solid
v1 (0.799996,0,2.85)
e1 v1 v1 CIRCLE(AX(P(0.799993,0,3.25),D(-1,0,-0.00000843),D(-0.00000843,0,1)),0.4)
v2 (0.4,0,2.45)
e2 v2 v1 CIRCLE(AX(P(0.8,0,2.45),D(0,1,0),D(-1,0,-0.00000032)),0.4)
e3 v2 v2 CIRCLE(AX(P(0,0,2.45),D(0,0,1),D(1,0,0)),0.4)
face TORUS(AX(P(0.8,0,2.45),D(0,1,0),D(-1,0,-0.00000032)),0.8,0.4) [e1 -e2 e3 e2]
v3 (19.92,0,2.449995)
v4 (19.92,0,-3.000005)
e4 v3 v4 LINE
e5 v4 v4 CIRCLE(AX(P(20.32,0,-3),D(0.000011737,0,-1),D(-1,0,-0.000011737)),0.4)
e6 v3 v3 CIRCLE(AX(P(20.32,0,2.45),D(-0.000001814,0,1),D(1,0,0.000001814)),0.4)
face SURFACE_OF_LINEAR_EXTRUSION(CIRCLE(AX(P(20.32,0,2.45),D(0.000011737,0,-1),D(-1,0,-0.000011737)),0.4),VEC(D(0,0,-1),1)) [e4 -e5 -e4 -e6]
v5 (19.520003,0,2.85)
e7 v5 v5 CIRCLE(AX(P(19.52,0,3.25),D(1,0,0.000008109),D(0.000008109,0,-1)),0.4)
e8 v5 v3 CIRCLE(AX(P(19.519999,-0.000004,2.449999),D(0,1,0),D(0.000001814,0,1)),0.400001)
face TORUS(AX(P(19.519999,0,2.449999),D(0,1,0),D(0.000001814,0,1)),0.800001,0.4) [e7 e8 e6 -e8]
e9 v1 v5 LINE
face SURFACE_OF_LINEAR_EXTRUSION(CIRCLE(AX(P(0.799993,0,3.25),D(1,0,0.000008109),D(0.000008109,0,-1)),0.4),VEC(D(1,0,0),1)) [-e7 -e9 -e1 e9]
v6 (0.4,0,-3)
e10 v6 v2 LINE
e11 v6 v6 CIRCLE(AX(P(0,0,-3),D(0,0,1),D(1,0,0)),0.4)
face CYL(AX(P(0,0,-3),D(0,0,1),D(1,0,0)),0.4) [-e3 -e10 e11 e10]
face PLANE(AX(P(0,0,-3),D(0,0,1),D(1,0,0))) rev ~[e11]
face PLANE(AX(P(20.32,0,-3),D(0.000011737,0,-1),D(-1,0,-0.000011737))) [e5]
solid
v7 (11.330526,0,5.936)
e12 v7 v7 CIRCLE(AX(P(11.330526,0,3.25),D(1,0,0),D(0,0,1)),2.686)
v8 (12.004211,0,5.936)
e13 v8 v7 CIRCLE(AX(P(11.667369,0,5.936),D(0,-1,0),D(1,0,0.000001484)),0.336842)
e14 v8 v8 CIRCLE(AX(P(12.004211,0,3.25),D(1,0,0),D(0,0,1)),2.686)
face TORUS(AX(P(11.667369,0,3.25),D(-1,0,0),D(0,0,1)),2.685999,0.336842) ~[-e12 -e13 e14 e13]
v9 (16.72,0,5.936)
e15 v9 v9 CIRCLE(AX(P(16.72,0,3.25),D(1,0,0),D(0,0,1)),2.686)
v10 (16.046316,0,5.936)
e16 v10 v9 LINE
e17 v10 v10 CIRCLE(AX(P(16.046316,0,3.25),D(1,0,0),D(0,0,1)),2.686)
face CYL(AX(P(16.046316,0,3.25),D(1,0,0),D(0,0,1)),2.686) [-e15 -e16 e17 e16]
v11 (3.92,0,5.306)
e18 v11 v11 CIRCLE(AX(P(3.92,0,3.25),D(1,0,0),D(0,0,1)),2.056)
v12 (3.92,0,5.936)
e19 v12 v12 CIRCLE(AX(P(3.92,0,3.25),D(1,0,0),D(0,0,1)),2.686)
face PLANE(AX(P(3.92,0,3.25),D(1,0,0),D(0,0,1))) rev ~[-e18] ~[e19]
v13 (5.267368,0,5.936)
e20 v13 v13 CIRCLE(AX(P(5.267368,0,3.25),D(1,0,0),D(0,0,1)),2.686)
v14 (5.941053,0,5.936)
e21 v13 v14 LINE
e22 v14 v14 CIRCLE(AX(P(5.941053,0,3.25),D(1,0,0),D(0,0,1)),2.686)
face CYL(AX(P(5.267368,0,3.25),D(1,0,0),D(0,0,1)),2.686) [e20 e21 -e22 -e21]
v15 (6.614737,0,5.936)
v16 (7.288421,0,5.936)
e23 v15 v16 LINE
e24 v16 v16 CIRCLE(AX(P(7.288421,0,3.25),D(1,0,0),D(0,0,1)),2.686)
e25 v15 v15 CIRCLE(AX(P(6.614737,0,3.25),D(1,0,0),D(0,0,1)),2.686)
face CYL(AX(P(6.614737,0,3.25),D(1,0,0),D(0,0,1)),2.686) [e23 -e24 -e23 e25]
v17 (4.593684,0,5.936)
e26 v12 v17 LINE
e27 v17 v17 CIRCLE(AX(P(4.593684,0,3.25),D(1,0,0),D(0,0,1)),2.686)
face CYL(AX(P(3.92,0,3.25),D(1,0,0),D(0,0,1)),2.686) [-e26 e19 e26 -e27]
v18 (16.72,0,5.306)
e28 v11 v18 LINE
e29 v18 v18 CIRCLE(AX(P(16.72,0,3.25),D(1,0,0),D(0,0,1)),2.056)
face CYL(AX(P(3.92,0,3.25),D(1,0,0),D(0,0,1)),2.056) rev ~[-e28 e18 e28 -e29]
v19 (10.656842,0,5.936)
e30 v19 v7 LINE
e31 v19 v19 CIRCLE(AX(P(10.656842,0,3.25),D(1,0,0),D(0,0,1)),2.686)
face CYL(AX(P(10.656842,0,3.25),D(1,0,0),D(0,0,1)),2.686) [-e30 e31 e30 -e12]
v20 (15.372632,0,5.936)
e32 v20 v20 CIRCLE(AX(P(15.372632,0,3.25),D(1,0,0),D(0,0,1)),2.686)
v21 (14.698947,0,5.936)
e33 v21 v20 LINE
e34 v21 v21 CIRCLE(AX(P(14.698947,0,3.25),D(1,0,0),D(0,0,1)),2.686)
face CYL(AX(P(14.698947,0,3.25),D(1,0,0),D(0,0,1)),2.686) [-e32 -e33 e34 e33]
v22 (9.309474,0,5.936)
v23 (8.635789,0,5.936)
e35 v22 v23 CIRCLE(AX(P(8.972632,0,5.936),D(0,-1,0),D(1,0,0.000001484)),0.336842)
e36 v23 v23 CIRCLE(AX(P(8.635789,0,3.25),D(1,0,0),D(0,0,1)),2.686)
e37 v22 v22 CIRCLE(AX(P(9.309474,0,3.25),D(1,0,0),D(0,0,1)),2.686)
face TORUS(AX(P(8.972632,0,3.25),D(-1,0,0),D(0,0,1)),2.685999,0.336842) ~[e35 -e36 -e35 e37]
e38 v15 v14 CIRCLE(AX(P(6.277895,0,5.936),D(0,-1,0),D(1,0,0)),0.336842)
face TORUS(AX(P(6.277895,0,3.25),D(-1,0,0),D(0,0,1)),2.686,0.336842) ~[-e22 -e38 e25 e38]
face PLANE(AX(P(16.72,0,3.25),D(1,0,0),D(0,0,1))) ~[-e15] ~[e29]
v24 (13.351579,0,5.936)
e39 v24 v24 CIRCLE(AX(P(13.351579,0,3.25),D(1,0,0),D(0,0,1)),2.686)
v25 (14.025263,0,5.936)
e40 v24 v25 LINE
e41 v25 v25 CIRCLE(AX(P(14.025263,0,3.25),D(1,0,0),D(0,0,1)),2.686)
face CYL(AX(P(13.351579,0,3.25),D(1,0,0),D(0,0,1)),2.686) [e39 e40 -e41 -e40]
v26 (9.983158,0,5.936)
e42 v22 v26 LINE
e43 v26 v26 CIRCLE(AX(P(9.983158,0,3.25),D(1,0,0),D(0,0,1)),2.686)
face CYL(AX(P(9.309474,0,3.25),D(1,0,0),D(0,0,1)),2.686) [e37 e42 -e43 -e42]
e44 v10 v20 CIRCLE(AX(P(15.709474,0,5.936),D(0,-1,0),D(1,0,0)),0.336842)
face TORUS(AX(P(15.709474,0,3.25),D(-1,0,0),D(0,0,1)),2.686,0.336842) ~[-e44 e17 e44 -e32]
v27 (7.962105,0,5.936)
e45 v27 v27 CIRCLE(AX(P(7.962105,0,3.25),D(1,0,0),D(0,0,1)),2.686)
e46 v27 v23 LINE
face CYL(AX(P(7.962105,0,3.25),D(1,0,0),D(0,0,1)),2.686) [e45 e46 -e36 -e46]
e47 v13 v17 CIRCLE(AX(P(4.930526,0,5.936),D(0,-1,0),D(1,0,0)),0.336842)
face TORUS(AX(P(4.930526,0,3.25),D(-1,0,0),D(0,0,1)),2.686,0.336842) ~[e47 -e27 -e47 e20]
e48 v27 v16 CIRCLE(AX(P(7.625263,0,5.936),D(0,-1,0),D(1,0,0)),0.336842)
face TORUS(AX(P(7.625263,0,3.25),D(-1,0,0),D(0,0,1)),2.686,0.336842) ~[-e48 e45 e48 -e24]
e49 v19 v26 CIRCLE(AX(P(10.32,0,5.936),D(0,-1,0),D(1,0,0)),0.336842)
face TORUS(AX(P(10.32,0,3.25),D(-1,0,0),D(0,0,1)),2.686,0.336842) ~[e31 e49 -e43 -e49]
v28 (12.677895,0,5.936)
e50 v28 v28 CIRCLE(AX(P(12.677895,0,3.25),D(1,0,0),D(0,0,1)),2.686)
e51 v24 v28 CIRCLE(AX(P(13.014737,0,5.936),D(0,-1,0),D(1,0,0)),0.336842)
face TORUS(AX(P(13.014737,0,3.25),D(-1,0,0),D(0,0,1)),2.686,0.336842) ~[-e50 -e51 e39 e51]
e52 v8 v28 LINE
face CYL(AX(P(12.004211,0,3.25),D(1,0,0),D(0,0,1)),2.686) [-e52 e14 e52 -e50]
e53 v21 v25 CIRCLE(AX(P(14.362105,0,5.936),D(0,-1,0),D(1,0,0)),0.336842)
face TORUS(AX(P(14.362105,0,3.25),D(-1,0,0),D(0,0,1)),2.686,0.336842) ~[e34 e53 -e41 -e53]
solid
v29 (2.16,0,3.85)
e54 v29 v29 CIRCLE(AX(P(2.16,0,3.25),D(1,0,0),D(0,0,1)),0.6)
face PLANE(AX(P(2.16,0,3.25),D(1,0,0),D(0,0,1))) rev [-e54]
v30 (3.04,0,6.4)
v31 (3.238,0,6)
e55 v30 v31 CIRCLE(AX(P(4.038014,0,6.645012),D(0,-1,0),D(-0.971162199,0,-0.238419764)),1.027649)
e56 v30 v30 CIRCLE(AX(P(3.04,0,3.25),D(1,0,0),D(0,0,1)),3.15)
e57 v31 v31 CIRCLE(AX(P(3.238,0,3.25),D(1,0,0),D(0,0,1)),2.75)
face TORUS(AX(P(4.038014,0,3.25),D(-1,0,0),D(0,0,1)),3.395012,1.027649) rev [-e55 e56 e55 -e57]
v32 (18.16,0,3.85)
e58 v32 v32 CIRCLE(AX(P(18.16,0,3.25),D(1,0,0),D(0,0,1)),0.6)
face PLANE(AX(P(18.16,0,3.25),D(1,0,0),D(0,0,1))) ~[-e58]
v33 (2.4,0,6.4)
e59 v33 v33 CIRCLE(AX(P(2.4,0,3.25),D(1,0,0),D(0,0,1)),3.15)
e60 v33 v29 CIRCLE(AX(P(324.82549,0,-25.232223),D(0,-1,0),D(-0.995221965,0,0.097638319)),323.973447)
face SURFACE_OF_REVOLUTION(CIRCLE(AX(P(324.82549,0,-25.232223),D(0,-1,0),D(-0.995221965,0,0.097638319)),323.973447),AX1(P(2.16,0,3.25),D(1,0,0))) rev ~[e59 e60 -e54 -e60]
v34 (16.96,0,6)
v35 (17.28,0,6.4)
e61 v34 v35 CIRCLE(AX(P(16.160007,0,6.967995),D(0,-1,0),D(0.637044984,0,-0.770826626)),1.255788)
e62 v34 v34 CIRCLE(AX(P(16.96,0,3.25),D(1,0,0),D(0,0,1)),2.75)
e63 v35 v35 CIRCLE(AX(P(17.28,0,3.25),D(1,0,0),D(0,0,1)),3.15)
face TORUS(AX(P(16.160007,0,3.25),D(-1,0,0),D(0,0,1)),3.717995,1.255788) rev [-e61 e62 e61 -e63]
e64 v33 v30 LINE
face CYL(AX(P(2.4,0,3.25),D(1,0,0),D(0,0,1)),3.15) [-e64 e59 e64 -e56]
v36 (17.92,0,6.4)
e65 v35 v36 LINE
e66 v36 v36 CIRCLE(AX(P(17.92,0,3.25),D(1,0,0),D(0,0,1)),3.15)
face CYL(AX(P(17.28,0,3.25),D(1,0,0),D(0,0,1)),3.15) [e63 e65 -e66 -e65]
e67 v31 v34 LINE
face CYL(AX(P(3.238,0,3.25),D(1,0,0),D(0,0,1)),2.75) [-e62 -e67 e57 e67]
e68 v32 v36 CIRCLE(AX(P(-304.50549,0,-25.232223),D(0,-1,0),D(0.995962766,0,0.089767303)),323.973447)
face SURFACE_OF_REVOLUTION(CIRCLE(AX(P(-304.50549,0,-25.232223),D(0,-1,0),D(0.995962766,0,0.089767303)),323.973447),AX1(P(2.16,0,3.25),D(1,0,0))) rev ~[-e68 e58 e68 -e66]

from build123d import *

# Parameters (mm, degrees)
SKETCH_R = 0.4


with BuildPart() as revolution:
    # Sketch002 → Revolution (revolve)
    with BuildSketch(Plane.XZ):
        with BuildLine():
            Line((2.4, 6.4), (3.04, 6.4))
            ThreePointArc((3.04, 6.4), (3.117022, 6.189121), (3.238, 6))
            Line((3.238, 6), (16.96, 6))
            ThreePointArc((16.96, 6), (17.140612, 6.18351), (17.28, 6.4))
            Line((17.28, 6.4), (17.92, 6.4))
            ThreePointArc((18.16, 3.85), (18.04252, 5.125237), (17.92, 6.4))
            Line((18.16, 3.25), (18.16, 3.85))
            Line((2.16, 3.25), (18.16, 3.25))
            Line((2.16, 3.25), (2.16, 3.85))
            ThreePointArc((2.4, 6.4), (2.27748, 5.125237), (2.16, 3.85))
        make_face()
    revolve(axis=Axis((2.16, 0, 3.25), (1, 0, 0)))


with BuildPart() as sweep_body:
    # Sweep: sweep along a path in Sketch001
    with BuildLine(Plane.XZ) as sweep_path:
        Line((0, -3), (0, 2.45))
        ThreePointArc((0, 2.45), (0.234312, 3.015683), (0.799993, 3.25))
        Line((0.799993, 3.25), (19.52, 3.25))
        ThreePointArc((19.52, 3.25), (20.085685, 3.015685), (20.32, 2.45))
        Line((20.32, 2.45), (20.32, -3))
    # Sketch → Sweep (sweep)
    with BuildSketch(Plane.XY.offset(-2)):
        Circle(SKETCH_R)
    sweep(path=sweep_path.line)


with BuildPart() as revolution001:
    # Sketch003 → Revolution001 (revolve)
    with BuildSketch(Plane.XZ):
        with BuildLine():
            ThreePointArc((5.267368, 5.936), (4.930526, 6.272842), (4.593684, 5.936))
            Line((3.92, 5.936), (4.593684, 5.936))
            Line((3.92, 5.936), (3.92, 5.306))
            Line((3.92, 5.306), (16.72, 5.306))
            Line((16.72, 5.306), (16.72, 5.936))
            Line((16.046316, 5.936), (16.72, 5.936))
            ThreePointArc((16.046316, 5.936), (15.709474, 6.272842), (15.372632, 5.936))
            Line((14.698947, 5.936), (15.372632, 5.936))
            ThreePointArc((14.698947, 5.936), (14.362105, 6.272842), (14.025263, 5.936))
            Line((13.351579, 5.936), (14.025263, 5.936))
            ThreePointArc((13.351579, 5.936), (13.014737, 6.272842), (12.677895, 5.936))
            Line((12.004211, 5.936), (12.677895, 5.936))
            ThreePointArc((12.004211, 5.936), (11.667368, 6.272842), (11.330526, 5.936))
            Line((10.656842, 5.936), (11.330526, 5.936))
            ThreePointArc((10.656842, 5.936), (10.32, 6.272842), (9.983158, 5.936))
            Line((9.309474, 5.936), (9.983158, 5.936))
            ThreePointArc((9.309474, 5.936), (8.972632, 6.272842), (8.635789, 5.936))
            Line((7.962105, 5.936), (8.635789, 5.936))
            ThreePointArc((7.962105, 5.936), (7.625263, 6.272842), (7.288421, 5.936))
            Line((6.614737, 5.936), (7.288421, 5.936))
            ThreePointArc((6.614737, 5.936), (6.277895, 6.272842), (5.941053, 5.936))
            Line((5.267368, 5.936), (5.941053, 5.936))
        make_face()
    revolve(axis=Axis((2.56, 0, 3.25), (1, 0, 0)))


solid = Compound([revolution.part, sweep_body.part, revolution001.part])
